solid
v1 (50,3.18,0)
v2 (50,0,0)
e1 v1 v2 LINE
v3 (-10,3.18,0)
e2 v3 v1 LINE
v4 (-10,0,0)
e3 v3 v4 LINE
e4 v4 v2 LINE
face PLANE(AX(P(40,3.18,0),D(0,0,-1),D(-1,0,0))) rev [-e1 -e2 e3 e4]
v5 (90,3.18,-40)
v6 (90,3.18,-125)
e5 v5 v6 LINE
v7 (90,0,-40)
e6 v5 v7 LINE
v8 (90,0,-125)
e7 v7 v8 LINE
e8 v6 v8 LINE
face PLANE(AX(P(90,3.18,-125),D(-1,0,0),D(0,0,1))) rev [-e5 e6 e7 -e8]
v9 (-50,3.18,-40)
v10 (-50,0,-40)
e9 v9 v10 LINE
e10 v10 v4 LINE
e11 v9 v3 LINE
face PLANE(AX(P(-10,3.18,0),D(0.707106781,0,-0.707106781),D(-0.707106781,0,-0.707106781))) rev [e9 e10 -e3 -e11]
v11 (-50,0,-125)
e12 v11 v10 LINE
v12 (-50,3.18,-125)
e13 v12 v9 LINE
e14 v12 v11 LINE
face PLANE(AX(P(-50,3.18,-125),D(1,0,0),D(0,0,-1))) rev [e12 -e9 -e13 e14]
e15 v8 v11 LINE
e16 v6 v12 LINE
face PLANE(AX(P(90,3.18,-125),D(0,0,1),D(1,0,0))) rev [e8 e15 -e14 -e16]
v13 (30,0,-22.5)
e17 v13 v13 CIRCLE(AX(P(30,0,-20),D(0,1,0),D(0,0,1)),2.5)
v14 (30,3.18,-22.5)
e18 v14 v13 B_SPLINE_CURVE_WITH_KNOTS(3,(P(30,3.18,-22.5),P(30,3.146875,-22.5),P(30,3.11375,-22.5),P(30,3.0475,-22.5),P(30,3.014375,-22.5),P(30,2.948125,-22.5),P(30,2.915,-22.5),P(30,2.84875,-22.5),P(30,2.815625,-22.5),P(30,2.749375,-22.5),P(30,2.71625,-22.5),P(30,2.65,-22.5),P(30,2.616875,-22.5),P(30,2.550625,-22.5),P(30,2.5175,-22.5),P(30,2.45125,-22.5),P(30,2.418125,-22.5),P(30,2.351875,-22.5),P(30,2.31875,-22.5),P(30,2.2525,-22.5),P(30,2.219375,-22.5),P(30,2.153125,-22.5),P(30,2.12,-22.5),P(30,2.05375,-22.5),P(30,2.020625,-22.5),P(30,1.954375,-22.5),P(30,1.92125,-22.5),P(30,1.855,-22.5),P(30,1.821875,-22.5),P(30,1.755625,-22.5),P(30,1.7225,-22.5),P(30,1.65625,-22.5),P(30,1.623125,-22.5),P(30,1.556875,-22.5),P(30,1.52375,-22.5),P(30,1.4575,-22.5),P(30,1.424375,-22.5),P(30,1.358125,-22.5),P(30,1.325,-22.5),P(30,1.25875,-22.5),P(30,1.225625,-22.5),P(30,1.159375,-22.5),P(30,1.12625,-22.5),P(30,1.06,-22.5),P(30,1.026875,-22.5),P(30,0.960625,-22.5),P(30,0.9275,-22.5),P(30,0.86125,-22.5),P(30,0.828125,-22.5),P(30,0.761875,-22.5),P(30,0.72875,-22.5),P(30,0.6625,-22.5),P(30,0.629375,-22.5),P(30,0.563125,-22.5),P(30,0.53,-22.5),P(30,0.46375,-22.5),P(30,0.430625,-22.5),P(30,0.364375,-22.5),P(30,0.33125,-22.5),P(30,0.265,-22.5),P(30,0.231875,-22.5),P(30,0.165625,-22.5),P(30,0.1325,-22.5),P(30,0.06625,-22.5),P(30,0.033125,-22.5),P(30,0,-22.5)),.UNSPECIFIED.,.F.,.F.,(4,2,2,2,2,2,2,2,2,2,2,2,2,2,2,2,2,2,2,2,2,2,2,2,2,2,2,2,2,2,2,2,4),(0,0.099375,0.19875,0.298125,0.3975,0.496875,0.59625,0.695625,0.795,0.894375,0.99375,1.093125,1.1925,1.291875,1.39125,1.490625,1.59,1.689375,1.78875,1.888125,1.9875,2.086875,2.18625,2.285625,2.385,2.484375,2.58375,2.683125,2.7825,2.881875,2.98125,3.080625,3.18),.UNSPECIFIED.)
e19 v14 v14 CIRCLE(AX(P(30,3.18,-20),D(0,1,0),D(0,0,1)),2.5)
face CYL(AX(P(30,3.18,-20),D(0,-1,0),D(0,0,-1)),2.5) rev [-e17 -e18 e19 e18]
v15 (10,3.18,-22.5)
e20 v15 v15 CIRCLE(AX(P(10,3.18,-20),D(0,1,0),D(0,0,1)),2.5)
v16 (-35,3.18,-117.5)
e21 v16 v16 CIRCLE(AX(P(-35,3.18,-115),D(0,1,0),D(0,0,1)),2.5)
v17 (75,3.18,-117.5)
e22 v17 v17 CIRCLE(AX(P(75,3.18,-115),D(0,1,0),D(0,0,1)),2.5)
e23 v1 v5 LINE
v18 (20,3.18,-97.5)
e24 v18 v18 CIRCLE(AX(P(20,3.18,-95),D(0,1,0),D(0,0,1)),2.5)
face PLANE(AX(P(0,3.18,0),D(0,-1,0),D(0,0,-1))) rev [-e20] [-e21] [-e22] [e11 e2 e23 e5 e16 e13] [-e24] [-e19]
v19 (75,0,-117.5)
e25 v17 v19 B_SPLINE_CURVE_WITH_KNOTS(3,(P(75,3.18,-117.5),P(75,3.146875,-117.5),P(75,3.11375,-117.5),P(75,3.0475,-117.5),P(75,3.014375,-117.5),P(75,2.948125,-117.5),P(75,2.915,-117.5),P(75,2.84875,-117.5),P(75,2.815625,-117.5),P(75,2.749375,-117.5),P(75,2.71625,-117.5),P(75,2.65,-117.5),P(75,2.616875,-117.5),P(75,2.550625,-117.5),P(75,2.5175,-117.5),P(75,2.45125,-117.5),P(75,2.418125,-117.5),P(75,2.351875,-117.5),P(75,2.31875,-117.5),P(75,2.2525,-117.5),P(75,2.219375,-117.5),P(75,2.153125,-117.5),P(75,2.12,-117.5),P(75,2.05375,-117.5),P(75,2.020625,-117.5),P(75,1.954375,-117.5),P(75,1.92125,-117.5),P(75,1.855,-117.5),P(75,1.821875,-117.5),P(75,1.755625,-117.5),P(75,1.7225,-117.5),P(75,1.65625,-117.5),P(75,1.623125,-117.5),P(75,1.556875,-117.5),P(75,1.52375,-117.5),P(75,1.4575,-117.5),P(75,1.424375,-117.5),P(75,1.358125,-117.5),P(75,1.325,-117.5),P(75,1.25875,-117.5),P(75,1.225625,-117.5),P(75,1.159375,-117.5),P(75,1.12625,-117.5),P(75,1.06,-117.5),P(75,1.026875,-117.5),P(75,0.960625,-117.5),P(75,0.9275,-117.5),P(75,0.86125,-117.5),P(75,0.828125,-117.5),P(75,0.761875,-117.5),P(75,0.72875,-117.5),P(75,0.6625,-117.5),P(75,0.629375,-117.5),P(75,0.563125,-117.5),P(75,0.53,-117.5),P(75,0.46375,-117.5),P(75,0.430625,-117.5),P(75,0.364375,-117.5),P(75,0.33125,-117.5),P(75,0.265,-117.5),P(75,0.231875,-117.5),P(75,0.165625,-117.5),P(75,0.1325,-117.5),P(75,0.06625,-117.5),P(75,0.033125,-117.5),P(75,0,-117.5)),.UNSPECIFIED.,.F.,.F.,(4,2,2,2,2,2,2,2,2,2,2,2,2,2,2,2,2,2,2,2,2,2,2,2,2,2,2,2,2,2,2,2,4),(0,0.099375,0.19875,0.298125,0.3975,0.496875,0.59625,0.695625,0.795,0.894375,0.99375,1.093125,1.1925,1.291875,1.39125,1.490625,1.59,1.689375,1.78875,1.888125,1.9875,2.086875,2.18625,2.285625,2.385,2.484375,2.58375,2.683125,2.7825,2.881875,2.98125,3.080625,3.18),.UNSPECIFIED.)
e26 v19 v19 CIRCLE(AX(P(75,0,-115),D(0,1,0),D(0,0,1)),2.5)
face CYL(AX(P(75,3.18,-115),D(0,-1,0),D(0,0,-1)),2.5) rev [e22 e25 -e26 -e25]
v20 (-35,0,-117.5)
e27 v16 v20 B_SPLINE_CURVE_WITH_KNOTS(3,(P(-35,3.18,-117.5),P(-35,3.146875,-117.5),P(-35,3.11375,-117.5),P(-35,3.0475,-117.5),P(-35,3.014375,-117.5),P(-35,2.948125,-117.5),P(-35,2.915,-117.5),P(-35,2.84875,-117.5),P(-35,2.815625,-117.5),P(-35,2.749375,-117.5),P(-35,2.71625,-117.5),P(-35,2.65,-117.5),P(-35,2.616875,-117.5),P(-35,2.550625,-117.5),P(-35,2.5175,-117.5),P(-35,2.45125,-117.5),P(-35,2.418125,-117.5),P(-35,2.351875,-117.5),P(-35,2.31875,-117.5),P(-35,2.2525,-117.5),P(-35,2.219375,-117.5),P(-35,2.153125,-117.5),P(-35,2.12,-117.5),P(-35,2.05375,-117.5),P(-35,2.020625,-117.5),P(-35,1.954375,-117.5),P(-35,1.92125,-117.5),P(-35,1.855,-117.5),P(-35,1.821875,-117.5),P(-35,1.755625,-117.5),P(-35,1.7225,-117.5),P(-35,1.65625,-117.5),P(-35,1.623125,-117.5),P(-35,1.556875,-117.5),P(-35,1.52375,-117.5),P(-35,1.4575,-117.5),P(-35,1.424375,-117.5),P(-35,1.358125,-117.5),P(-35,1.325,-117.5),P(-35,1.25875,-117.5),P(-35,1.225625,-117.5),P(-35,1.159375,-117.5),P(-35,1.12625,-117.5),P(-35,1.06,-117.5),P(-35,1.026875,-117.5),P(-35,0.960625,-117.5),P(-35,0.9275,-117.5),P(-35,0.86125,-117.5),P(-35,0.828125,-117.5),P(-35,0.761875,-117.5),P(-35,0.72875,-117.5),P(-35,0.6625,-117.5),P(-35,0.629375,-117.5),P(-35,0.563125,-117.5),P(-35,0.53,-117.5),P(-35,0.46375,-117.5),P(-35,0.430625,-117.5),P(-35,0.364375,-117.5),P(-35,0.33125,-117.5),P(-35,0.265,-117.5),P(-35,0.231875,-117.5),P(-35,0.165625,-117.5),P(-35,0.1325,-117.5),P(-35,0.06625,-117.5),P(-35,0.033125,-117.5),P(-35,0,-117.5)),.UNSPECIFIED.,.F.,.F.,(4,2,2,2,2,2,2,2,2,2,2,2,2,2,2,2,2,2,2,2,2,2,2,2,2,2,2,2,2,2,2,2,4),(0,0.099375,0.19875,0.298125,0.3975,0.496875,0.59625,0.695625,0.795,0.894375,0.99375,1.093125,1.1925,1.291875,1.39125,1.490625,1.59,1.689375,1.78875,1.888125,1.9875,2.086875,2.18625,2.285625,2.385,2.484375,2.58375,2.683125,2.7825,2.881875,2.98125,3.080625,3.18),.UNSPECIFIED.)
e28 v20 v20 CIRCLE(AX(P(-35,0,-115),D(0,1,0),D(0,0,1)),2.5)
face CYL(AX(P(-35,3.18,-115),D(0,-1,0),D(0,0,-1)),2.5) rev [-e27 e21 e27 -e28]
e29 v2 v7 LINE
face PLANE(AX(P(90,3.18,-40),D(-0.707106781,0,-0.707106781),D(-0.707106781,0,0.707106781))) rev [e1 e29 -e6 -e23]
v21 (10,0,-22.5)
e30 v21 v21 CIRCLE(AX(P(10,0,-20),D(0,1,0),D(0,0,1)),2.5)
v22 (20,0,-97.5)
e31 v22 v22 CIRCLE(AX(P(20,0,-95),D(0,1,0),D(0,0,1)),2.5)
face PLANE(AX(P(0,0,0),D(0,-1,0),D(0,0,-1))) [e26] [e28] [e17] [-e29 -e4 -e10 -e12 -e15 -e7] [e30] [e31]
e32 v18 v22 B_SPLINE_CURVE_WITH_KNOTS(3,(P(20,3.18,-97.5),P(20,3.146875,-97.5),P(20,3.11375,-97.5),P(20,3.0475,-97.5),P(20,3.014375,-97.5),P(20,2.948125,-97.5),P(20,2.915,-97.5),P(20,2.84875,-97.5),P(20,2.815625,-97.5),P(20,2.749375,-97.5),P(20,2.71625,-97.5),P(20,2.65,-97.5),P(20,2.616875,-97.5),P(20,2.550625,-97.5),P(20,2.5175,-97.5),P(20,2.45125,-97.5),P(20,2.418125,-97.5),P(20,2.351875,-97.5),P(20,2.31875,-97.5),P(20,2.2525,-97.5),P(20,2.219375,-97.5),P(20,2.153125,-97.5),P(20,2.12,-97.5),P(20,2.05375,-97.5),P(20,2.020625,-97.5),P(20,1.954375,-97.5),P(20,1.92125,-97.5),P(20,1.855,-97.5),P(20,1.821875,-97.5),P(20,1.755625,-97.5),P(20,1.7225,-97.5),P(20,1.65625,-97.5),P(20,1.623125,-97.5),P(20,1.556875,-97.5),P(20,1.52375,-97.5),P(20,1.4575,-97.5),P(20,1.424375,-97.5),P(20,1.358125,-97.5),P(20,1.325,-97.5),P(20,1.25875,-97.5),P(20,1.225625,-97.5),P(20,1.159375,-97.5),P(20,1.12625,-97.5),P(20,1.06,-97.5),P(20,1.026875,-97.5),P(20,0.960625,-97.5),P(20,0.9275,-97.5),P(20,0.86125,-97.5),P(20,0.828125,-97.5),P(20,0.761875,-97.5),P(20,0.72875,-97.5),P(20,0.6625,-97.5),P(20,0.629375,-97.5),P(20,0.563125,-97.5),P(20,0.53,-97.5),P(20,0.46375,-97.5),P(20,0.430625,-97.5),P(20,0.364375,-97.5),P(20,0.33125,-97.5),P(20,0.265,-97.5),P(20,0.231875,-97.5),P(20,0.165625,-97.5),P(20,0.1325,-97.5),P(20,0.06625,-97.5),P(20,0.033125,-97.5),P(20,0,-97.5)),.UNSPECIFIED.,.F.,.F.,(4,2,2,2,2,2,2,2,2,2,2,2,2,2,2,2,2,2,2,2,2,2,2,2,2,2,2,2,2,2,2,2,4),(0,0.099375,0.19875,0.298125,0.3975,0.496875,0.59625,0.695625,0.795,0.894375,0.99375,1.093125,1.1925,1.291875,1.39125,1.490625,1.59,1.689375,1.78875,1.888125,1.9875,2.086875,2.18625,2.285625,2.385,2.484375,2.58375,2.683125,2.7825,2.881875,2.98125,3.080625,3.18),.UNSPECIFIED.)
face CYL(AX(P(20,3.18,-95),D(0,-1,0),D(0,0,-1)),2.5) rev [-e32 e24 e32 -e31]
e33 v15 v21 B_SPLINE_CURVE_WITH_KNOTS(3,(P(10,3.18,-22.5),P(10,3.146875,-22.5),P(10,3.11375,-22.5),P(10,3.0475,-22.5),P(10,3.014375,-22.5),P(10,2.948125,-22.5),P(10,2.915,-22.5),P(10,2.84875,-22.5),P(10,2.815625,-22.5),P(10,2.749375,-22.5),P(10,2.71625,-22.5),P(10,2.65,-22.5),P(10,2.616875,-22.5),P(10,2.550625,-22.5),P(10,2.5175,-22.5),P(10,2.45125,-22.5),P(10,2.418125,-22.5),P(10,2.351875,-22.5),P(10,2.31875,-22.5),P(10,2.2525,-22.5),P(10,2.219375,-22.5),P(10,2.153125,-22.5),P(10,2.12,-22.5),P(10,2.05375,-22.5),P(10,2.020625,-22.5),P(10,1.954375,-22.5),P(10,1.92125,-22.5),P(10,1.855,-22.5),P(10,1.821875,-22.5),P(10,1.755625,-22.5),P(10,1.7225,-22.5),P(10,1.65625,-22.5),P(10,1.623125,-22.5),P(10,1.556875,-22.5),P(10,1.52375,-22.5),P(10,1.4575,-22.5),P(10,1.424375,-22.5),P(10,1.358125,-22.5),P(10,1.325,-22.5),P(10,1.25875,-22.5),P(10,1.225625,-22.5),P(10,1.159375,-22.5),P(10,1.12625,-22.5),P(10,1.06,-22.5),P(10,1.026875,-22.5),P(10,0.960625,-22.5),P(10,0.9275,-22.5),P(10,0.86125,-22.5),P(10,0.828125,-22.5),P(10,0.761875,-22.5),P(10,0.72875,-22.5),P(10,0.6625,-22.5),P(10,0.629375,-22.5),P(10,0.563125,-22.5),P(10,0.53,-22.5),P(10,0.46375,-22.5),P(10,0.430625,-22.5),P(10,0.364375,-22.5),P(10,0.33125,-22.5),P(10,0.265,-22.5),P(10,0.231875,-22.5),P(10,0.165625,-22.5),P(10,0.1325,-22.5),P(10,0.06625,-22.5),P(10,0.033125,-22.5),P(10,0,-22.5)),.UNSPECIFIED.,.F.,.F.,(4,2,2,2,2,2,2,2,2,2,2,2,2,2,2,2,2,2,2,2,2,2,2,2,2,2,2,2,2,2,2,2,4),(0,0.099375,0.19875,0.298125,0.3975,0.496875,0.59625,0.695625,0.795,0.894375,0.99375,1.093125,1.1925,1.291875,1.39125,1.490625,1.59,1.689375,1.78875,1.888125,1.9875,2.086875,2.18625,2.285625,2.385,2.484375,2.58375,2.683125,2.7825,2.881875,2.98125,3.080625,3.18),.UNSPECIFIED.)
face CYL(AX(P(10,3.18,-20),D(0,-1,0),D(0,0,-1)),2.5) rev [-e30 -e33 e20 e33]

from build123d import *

# Parameters (mm, degrees)
SKETCH1_R           = 2.5
BOSS_EXTRUDE1_DEPTH = 3.18
CUT_EXTRUDE1_DEPTH  = 155.06204075


with BuildPart() as part:
    # Sketch1 → Boss-Extrude1 (new body)
    with BuildSketch(Plane(origin=(0, 0, 0), x_dir=(1, 0, 0), z_dir=(0, 1, 0))):
        Polygon((0, 0), (40, 0), (90, 0), (90, 40), (90, 85), (90, 125), (-50, 125), (-50, 0), align=None)
        with Locations(Location((-35, 115, 0), (0, 0, 90))):
            Circle(SKETCH1_R, mode=Mode.SUBTRACT)
        with Locations(Location((75, 115, 0), (0, 0, 90))):
            Circle(SKETCH1_R, mode=Mode.SUBTRACT)
        with Locations(Location((20, 95, 0), (0, 0, 90))):
            Circle(SKETCH1_R, mode=Mode.SUBTRACT)
        with Locations(Location((10, 20, 0), (0, 0, 90))):
            Circle(SKETCH1_R, mode=Mode.SUBTRACT)
        with Locations(Location((30, 20, 0), (0, 0, 90))):
            Circle(SKETCH1_R, mode=Mode.SUBTRACT)
    extrude(amount=BOSS_EXTRUDE1_DEPTH)

    # Sketch3 → Cut-Extrude1 (cut, through all)
    with BuildSketch(Plane.XZ):
        Polygon((90, -40), (50, 0), (90, 0), align=None)
        Polygon((-50, 0), (-10, 0), (-50, -40), align=None)
    extrude(amount=-CUT_EXTRUDE1_DEPTH, mode=Mode.SUBTRACT)


solid = part.part
